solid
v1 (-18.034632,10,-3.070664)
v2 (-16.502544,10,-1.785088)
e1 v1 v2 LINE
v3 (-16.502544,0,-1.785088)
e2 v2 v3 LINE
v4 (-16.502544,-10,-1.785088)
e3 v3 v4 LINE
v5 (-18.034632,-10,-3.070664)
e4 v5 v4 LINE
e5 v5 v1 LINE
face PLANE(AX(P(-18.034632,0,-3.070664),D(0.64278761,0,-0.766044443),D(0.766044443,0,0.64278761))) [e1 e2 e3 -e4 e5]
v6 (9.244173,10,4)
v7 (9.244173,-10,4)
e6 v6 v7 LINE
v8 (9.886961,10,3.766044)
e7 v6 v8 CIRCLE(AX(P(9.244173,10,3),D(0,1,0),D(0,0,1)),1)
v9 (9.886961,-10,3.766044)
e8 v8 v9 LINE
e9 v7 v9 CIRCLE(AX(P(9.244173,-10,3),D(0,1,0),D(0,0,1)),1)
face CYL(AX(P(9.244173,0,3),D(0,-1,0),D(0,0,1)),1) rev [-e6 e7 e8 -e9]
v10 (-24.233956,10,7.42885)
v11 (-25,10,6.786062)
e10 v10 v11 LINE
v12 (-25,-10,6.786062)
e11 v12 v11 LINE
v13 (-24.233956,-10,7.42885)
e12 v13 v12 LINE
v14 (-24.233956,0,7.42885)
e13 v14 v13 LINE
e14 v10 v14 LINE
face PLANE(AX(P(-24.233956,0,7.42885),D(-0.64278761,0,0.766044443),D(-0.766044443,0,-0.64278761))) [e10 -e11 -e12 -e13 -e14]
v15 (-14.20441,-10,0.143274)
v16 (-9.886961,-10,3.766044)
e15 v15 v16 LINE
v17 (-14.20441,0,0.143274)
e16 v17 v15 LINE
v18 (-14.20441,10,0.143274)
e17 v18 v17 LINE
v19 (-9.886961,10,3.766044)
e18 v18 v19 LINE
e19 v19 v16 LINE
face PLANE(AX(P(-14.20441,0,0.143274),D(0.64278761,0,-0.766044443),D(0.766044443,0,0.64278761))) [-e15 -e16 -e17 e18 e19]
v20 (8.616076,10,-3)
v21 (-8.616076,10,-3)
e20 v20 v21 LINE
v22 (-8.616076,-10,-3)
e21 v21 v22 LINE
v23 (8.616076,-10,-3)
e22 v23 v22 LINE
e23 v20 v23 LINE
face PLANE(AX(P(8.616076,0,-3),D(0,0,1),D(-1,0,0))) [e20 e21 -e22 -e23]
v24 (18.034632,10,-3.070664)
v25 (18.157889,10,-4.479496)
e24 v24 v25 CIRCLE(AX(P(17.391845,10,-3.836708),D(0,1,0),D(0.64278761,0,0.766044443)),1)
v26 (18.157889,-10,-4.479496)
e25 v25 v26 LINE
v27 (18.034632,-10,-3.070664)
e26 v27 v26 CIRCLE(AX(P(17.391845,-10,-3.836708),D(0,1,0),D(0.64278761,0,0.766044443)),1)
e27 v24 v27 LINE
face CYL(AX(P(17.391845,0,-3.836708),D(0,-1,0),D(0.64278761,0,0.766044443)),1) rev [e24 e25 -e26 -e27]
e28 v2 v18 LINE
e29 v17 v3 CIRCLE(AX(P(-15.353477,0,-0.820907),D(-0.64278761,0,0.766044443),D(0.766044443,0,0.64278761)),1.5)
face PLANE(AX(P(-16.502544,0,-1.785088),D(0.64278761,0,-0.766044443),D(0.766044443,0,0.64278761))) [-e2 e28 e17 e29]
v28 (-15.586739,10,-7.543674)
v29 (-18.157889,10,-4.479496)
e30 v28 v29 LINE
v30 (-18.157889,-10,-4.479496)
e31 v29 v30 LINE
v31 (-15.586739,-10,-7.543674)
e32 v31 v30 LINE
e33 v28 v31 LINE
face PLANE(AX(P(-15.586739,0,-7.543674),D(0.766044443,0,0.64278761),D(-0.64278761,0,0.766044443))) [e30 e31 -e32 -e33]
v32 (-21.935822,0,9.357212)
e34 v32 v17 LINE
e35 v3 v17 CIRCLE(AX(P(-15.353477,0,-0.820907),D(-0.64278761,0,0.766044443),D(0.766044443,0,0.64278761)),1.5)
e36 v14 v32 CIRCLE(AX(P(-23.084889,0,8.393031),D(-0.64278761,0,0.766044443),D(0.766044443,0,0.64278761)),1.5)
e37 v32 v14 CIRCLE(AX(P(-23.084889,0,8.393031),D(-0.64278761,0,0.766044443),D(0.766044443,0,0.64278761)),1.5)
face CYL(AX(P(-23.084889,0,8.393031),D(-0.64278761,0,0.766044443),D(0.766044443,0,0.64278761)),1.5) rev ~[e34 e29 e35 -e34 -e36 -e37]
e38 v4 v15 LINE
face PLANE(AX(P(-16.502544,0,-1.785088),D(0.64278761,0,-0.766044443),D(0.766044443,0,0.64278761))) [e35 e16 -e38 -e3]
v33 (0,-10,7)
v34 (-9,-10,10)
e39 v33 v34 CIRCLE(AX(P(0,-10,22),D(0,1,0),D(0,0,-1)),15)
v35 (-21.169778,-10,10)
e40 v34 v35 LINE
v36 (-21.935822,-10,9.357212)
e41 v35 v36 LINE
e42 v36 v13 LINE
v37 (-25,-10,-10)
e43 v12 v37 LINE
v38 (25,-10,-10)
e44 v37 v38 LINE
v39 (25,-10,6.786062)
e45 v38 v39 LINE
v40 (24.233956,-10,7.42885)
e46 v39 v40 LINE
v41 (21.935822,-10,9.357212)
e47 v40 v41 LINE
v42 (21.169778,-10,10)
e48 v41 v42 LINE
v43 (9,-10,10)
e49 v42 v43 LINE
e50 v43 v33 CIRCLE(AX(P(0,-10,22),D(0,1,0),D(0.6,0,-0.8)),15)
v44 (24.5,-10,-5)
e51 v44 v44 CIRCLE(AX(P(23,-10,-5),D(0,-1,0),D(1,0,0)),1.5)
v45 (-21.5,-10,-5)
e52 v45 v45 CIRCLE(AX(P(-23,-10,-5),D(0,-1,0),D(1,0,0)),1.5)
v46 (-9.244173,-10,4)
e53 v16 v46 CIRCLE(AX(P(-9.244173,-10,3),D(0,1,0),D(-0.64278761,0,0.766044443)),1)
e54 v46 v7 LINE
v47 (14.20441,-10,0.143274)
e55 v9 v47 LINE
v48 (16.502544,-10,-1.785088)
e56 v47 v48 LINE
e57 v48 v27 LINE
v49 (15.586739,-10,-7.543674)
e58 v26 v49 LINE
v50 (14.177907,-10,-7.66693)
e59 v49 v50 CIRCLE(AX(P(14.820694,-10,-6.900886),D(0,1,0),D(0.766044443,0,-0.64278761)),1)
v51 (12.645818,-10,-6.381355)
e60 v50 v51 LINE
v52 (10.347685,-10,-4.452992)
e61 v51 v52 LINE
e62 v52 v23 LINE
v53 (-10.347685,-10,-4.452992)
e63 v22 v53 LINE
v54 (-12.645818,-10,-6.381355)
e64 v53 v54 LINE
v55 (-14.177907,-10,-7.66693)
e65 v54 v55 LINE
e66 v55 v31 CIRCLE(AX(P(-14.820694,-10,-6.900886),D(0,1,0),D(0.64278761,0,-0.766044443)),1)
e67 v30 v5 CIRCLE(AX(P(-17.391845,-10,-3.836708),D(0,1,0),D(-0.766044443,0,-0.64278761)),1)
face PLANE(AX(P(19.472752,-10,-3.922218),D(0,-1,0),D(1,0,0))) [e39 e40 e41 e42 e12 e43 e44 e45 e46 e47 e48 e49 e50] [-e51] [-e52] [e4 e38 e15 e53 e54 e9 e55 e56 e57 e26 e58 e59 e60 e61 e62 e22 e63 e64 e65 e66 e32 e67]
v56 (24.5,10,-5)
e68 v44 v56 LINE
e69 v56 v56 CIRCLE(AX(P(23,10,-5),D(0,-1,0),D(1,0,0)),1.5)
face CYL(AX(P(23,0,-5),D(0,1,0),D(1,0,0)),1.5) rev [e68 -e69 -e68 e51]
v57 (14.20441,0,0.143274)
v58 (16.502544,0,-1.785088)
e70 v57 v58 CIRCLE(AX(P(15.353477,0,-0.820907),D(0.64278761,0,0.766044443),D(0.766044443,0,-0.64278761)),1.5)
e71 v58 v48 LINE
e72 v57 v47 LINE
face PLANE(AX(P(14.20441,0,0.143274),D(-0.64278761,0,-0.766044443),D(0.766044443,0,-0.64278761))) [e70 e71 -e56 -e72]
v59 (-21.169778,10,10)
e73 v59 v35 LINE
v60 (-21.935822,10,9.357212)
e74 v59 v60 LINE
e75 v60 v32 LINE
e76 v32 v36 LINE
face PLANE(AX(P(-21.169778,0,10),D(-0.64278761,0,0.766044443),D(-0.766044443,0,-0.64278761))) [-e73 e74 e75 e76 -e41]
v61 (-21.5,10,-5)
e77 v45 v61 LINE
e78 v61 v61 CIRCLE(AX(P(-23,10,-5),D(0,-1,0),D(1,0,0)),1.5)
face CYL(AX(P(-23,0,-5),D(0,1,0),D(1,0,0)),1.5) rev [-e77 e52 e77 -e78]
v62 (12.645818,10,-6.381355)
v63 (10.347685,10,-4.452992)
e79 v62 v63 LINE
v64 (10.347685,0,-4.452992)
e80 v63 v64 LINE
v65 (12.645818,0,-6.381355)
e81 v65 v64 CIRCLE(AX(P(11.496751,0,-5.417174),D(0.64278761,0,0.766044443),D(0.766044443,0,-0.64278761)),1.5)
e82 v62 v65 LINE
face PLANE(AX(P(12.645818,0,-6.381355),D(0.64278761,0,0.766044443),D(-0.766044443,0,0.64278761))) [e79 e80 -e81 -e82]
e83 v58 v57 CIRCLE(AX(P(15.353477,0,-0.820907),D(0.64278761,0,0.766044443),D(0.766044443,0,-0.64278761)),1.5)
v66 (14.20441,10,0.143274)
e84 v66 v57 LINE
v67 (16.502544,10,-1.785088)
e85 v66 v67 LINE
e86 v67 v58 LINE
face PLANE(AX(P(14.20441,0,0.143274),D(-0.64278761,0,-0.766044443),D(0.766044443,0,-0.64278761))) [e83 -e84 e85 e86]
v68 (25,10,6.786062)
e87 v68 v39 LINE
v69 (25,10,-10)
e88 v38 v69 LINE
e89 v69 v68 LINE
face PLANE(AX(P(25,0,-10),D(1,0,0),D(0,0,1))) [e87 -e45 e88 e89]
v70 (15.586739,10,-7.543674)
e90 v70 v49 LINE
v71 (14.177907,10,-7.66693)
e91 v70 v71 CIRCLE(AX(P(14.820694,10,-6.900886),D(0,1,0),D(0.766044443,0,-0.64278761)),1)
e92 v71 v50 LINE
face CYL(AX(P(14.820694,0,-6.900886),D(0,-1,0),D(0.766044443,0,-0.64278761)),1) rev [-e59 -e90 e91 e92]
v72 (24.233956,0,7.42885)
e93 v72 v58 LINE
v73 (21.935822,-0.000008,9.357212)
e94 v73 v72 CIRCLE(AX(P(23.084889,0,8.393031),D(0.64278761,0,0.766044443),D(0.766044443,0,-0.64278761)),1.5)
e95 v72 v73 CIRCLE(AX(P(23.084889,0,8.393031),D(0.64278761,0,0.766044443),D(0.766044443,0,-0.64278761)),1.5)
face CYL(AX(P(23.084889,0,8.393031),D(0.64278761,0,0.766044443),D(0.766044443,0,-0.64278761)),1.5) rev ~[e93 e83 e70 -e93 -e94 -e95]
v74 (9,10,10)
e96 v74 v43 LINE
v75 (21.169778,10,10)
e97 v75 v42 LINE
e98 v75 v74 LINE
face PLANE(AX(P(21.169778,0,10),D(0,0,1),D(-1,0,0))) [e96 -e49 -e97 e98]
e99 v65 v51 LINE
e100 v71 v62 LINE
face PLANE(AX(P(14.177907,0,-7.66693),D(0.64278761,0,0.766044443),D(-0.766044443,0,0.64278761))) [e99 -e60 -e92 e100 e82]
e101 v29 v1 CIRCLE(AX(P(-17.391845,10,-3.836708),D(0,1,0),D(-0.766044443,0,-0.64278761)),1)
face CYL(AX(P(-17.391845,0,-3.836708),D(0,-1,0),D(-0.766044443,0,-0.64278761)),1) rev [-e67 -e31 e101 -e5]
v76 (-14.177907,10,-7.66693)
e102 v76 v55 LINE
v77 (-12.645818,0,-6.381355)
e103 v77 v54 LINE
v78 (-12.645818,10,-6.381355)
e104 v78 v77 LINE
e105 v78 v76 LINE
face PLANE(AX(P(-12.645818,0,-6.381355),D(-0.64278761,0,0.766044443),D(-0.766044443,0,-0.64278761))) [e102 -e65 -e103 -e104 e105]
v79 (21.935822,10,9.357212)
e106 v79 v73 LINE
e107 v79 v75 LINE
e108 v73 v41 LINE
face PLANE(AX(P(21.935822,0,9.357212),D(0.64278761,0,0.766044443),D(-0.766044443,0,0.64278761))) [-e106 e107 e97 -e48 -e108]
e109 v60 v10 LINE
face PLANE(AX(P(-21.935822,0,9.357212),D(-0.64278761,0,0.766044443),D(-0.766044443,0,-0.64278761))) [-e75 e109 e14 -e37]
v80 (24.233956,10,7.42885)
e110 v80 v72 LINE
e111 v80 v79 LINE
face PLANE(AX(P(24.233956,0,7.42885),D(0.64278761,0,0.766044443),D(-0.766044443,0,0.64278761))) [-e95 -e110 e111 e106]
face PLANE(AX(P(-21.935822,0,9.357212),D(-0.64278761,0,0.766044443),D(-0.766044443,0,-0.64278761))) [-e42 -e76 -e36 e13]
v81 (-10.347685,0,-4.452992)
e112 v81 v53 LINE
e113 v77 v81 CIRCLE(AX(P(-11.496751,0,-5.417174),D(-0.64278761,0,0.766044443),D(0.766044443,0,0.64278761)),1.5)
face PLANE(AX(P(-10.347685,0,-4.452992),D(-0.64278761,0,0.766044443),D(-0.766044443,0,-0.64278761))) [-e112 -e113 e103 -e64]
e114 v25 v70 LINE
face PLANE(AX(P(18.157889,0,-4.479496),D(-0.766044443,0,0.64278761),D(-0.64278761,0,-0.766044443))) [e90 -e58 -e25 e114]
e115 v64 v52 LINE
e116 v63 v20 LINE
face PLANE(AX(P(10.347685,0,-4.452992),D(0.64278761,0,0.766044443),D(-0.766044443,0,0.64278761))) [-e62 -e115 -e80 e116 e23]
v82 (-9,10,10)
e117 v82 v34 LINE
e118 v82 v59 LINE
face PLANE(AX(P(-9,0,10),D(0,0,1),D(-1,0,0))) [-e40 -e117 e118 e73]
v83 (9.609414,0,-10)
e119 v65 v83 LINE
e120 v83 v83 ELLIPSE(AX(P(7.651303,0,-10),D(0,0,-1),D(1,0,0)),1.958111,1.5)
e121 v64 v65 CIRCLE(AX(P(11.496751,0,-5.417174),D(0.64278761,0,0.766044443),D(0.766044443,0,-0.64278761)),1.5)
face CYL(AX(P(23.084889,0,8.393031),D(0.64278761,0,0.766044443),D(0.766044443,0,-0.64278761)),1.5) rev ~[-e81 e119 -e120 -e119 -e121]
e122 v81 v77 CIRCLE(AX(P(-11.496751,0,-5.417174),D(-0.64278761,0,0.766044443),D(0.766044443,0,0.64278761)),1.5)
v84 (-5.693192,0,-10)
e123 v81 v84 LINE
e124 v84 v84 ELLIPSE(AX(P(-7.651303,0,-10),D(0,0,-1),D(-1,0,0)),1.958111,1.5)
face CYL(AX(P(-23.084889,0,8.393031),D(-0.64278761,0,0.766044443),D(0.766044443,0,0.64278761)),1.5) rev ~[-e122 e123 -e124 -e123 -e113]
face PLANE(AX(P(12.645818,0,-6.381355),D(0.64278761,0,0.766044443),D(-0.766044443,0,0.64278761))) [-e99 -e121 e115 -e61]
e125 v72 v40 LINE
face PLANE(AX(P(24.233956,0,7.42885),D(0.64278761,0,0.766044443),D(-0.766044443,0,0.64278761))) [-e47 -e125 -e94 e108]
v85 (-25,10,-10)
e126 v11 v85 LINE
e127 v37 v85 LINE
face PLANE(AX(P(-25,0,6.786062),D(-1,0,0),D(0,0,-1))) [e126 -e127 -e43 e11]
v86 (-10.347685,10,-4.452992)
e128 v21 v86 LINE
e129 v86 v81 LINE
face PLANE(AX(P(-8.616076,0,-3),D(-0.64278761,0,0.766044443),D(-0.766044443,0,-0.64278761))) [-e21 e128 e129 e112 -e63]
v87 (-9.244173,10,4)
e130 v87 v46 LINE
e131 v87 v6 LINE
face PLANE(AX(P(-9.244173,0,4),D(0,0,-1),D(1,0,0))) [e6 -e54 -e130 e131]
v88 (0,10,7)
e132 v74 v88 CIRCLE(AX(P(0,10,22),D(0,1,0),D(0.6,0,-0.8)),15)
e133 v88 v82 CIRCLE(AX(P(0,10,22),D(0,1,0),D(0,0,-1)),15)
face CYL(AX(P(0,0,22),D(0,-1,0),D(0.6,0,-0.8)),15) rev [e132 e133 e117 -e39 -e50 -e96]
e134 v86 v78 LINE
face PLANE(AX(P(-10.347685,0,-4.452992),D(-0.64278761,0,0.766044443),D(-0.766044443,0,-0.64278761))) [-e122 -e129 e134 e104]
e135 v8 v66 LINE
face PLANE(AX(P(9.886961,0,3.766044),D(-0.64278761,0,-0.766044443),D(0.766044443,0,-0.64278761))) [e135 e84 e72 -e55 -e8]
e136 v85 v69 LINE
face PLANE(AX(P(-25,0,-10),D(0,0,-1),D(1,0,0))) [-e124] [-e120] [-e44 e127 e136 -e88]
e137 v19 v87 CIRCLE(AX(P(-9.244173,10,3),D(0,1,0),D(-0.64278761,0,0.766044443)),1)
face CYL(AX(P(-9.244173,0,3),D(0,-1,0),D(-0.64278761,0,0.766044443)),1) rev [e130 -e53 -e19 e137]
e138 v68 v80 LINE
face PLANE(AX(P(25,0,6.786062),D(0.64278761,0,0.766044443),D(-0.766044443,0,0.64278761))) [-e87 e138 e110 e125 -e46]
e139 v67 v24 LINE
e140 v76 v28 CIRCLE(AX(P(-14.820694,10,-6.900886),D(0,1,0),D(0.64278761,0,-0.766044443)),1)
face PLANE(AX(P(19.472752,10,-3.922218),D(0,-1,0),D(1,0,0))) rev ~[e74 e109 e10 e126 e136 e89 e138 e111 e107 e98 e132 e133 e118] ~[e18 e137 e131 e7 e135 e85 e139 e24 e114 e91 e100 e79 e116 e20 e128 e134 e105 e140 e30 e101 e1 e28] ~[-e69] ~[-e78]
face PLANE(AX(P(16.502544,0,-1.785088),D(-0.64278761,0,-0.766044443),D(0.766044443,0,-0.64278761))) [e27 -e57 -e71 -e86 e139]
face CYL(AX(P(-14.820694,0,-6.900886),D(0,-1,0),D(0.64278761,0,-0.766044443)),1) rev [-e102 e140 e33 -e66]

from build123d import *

# Parameters (mm, degrees)
F0_R     = 1.5
F1_DEPTH = 10
F2_R     = 1.5
F3_DEPTH = 44.9992499642
F4_R     = 1.5
F5_DEPTH = 44.9992499642


with BuildPart() as f1:
    # F0 (on Front) → F1 (new body, symmetric)
    with BuildSketch(Plane.XZ):
        with BuildLine():
            Line((9.6094143182, -10), (25, -10))
            Line((25, -10), (25, 6.7860619516))
            Line((25, 6.7860619516), (24.2339555569, 7.4288495613))
            Line((24.2339555569, 7.4288495613), (16.5025435388, -1.7850884872))
            Line((16.5025435388, -1.7850884872), (18.034632425, -3.0706637066))
            ThreePointArc((18.034632425, -3.0706637066), (18.3880395134, -3.7495524069), (18.1578892584, -4.4794957594))
            Line((18.1578892584, -4.4794957594), (15.5867388197, -7.5436735318))
            ThreePointArc((15.5867388197, -7.5436735318), (14.9078501193, -7.8970806202), (14.1779067669, -7.6669303653))
            Line((14.1779067669, -7.6669303653), (12.6458178806, -6.3813551459))
            Line((12.6458178806, -6.3813551459), (9.6094143182, -10))
        make_face()
        with Locations((23, -5)):
            Circle(F0_R, mode=Mode.SUBTRACT)
        Polygon((5.6931924502, -10), (9.6094143182, -10), (12.6458178806, -6.3813551459), (10.3476845513, -4.4529923168), align=None)
        Polygon((-5.6931924502, -10), (5.6931924502, -10), (10.3476845513, -4.4529923168), (8.6160757377, -3), (0, -3), (-8.6160757377, -3), (-10.3476845513, -4.4529923168), align=None)
        Polygon((16.5025435388, -1.7850884872), (24.2339555569, 7.4288495613), (21.9358222275, 9.3572123903), (14.2044102094, 0.1432743419), align=None)
        Polygon((-9.6094143182, -10), (-5.6931924502, -10), (-10.3476845513, -4.4529923168), (-12.6458178806, -6.3813551459), align=None)
        with BuildLine():
            Line((14.2044102094, 0.1432743419), (21.9358222275, 9.3572123903))
            Line((21.9358222275, 9.3572123903), (21.1697777844, 10))
            Line((21.1697777844, 10), (9, 10))
            ThreePointArc((9, 10), (4.7434164903, 7.7697505292), (0, 7))
            ThreePointArc((0, 7), (-4.7434164903, 7.7697505292), (-9, 10))
            Line((-9, 10), (-21.1697777844, 10))
            Line((-21.1697777844, 10), (-21.9358222275, 9.3572123903))
            Line((-21.9358222275, 9.3572123903), (-14.2044102094, 0.1432743419))
            Line((-14.2044102094, 0.1432743419), (-9.8869609261, 3.7660444431))
            ThreePointArc((-9.8869609261, 3.7660444431), (-9.5861934597, 3.9396926208), (-9.2441733164, 4))
            Line((-9.2441733164, 4), (0, 4))
            Line((0, 4), (9.2441733164, 4))
            ThreePointArc((9.2441733164, 4), (9.5861934597, 3.9396926208), (9.8869609261, 3.7660444431))
            Line((9.8869609261, 3.7660444431), (14.2044102094, 0.1432743419))
        make_face()
        with BuildLine():
            Line((-25, -10), (-9.6094143182, -10))
            Line((-9.6094143182, -10), (-12.6458178806, -6.3813551459))
            Line((-12.6458178806, -6.3813551459), (-14.1779067669, -7.6669303653))
            ThreePointArc((-14.1779067669, -7.6669303653), (-14.9078501193, -7.8970806202), (-15.5867388197, -7.5436735318))
            Line((-15.5867388197, -7.5436735318), (-18.1578892584, -4.4794957594))
            ThreePointArc((-18.1578892584, -4.4794957594), (-18.3880395134, -3.7495524069), (-18.034632425, -3.0706637066))
            Line((-18.034632425, -3.0706637066), (-16.5025435388, -1.7850884872))
            Line((-16.5025435388, -1.7850884872), (-24.2339555569, 7.4288495613))
            Line((-24.2339555569, 7.4288495613), (-25, 6.7860619516))
            Line((-25, 6.7860619516), (-25, -10))
        make_face()
        with Locations((-23, -5)):
            Circle(F0_R, mode=Mode.SUBTRACT)
        Polygon((-16.5025435388, -1.7850884872), (-14.2044102094, 0.1432743419), (-21.9358222275, 9.3572123903), (-24.2339555569, 7.4288495613), align=None)
    extrude(amount=F1_DEPTH, both=True)

    # F2 (on face) → F3 (cut, through all)
    with BuildSketch(Plane(origin=(-13.6708809903, 0, 16.2923215341), x_dir=(0.7660444431, 0, 0.6427876097), z_dir=(-0.6427876097, 0, 0.7660444431))):
        with Locations((-12.2891145369, 0)):
            Circle(F2_R)
    extrude(amount=-F3_DEPTH, mode=Mode.SUBTRACT)

    # F4 (on face) → F5 (cut, through all)
    with BuildSketch(Plane(origin=(13.6708809903, 0, 16.2923215341), x_dir=(0.7660444431, 0, -0.6427876097), z_dir=(0.6427876097, 0, 0.7660444431))):
        with Locations((12.2891145369, 0)):
            Circle(F4_R)
    extrude(amount=-F5_DEPTH, mode=Mode.SUBTRACT)


solid = f1.part
